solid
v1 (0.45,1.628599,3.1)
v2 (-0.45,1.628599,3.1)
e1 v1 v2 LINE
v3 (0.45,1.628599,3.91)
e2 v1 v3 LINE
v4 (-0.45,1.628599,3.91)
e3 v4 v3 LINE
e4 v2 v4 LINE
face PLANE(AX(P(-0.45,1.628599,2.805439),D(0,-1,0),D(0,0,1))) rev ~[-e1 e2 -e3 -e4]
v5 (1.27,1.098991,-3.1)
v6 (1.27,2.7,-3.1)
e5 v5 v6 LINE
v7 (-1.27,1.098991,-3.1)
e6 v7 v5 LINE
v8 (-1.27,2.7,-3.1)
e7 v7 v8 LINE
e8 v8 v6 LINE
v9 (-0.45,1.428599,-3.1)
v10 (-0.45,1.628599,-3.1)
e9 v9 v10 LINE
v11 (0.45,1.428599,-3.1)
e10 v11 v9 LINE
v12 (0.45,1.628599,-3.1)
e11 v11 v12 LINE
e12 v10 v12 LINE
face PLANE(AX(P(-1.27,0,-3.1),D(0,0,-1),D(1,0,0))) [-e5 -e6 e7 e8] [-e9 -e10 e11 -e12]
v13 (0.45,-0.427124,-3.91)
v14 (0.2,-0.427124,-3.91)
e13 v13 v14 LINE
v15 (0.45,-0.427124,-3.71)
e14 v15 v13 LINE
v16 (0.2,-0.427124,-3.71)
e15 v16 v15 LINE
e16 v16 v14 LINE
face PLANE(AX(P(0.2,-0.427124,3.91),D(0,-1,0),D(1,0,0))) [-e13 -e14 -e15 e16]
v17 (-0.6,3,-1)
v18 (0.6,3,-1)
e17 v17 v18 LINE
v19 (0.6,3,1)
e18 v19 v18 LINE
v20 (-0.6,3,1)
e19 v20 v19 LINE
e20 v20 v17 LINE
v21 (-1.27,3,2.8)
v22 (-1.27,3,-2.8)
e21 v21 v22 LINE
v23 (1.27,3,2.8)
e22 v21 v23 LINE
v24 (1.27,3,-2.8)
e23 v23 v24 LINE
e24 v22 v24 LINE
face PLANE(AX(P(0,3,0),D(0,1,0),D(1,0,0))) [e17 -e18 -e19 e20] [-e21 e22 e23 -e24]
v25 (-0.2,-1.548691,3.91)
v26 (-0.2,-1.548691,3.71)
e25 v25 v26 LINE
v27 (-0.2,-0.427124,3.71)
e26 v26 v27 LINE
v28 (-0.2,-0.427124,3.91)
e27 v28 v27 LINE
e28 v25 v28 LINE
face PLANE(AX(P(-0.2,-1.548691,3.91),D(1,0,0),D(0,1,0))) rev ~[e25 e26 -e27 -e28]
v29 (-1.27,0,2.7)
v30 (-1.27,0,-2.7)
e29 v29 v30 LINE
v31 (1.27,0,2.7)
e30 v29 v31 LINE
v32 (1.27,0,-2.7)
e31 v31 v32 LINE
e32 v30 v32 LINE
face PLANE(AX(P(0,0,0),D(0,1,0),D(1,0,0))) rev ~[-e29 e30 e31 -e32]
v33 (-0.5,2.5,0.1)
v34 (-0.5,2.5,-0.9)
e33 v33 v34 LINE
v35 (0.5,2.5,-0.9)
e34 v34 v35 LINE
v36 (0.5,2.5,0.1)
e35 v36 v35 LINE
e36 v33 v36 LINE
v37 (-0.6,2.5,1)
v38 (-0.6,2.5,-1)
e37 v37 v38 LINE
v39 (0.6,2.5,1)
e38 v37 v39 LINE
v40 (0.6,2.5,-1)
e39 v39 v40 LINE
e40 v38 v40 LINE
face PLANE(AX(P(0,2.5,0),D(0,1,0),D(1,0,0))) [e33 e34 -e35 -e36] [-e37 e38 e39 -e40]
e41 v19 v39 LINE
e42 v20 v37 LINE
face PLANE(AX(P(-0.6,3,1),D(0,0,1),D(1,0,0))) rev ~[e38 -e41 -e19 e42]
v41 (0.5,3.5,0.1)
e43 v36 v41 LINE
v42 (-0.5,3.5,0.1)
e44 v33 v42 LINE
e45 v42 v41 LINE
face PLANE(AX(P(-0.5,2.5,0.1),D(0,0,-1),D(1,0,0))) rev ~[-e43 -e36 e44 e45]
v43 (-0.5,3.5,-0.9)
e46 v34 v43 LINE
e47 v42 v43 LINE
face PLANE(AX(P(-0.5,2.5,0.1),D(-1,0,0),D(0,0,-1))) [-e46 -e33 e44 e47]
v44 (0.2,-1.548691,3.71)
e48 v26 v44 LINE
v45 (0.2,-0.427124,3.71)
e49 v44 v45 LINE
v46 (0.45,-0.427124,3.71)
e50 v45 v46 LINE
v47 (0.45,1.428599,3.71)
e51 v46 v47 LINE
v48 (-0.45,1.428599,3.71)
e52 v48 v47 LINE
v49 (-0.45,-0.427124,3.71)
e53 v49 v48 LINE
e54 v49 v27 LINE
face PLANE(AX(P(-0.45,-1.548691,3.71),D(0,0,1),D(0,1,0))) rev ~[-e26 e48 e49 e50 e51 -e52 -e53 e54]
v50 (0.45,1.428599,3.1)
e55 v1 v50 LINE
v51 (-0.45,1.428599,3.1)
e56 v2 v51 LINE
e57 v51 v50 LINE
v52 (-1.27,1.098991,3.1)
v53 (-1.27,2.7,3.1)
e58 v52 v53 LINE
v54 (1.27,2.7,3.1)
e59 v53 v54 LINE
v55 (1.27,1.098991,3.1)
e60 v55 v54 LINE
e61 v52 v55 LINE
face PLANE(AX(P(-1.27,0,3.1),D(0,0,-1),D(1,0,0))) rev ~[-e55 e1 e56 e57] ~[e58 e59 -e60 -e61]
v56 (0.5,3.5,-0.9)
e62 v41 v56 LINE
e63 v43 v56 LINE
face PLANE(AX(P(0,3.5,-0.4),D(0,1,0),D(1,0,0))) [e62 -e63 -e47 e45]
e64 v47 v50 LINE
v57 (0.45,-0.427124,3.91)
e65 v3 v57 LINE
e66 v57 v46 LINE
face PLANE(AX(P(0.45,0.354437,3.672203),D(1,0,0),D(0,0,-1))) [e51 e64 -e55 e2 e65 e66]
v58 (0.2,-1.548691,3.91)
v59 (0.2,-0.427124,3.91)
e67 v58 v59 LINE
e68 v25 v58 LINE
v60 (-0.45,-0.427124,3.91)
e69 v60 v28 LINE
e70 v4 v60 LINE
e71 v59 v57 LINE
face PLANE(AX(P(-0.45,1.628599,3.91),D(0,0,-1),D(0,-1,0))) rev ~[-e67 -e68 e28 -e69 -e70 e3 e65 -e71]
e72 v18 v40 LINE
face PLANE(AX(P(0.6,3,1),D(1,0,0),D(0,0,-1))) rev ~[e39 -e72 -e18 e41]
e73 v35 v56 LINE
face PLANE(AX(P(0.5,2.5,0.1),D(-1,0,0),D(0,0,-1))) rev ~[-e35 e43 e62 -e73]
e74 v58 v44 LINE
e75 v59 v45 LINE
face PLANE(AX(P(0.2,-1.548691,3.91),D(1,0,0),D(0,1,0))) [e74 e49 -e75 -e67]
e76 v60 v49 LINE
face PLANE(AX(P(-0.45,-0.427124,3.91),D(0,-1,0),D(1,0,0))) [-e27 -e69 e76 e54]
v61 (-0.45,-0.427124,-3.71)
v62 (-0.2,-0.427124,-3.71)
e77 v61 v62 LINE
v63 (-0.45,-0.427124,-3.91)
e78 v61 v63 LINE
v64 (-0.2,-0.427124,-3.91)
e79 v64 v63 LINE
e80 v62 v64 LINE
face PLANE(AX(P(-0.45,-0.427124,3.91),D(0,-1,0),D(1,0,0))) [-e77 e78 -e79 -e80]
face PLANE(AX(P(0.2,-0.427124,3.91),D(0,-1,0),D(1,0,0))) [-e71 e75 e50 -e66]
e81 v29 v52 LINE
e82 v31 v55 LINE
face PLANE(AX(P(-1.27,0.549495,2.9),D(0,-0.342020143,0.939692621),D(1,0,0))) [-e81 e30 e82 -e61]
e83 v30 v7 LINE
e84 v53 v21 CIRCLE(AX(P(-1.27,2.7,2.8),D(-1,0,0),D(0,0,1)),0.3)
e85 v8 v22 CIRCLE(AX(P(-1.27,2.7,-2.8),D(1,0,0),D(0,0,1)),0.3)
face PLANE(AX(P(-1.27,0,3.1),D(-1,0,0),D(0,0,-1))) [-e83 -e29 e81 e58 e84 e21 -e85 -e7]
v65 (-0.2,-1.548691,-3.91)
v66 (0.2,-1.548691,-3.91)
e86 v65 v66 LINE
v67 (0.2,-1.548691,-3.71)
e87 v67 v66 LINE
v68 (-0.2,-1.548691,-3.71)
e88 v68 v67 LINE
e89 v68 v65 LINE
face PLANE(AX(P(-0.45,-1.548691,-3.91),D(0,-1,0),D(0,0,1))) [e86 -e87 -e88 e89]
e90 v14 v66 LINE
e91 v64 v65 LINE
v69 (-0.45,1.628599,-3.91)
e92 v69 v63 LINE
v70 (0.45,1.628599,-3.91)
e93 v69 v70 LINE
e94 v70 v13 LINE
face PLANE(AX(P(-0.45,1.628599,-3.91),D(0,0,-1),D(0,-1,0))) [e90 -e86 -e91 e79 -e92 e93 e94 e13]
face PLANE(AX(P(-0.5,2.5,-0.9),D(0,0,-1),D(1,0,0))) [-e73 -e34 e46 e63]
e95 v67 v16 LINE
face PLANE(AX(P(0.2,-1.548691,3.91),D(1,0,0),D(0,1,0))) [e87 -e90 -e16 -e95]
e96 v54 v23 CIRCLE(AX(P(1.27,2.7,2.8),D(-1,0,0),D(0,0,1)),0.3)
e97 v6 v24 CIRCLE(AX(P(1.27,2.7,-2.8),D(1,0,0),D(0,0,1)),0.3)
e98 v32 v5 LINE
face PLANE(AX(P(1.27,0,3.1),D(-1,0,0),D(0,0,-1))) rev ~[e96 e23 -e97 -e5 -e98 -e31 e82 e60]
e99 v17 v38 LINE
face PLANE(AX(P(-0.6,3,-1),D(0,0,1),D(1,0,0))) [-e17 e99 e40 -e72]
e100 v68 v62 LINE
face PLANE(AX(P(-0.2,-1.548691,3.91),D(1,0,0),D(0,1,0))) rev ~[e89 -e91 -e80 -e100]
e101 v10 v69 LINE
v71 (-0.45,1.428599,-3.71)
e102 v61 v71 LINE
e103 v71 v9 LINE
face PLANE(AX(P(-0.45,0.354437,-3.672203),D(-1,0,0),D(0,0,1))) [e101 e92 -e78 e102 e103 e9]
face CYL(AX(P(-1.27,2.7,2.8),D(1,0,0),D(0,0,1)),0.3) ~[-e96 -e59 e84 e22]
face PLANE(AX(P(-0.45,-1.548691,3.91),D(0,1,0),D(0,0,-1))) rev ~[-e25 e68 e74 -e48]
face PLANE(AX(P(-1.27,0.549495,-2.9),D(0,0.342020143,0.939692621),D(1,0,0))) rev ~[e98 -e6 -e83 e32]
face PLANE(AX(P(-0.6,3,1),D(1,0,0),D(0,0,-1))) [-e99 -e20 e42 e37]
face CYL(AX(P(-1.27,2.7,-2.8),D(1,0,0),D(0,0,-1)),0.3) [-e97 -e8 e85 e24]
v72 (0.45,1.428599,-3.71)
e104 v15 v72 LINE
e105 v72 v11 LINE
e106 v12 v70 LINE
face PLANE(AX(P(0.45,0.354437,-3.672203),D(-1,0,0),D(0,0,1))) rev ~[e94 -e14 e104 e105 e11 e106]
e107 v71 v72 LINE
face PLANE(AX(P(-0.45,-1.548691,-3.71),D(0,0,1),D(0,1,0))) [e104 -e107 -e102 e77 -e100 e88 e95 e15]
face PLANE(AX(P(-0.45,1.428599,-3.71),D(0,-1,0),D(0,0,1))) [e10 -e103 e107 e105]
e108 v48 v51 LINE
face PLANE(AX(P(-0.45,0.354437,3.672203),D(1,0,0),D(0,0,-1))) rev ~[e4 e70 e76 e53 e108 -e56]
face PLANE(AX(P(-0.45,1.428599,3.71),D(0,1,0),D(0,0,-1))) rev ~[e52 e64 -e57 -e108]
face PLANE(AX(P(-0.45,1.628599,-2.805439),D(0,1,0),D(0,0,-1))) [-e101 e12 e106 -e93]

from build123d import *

# Parameters (mm, degrees)
SKETCH_1_W           = 2.54
SKETCH_1_H           = 6.2
EXTRUDE_1_DEPTH      = 3
SKETCH_2_W           = 1.2
SKETCH_2_H           = 2
CUT_EXTRUDE_1_DEPTH  = 0.5
SKETCH_3_W           = 1
SKETCH_3_H           = 1
EXTRUDE_1_2_DEPTH    = 1
FILLET_1_R           = 0.3
CHAMFER_1_SIZE       = 0.4
CHAMFER_1_SIZE2      = 1.098990968
EXTRUDE_2_DEPTH      = 0.45
EXTRUDE_2_DEPTH_BACK = 0.45
SKETCH_5_W           = 0.25
SKETCH_5_H           = 1.121567526
CUT_EXTRUDE_2_DEPTH  = 9.661137339


with BuildPart() as part:
    # 草图1 → Extrude 1 (new body)
    with BuildSketch(Plane(origin=(0, 0, 0), x_dir=(1, 0, 0), z_dir=(0, 1, 0))):
        Rectangle(SKETCH_1_W, SKETCH_1_H)
    extrude(amount=EXTRUDE_1_DEPTH)

    # 草图2 → 切除-拉伸1 (cut)
    with BuildSketch(Plane(origin=(0, 3, 0), x_dir=(1, 0, 0), z_dir=(0, 1, 0))):
        Rectangle(SKETCH_2_W, SKETCH_2_H)
    extrude(amount=-CUT_EXTRUDE_1_DEPTH, mode=Mode.SUBTRACT)

    # 草图3 → Extrude 1 2 (add)
    with BuildSketch(Plane(origin=(0, 2.5, 0), x_dir=(1, 0, 0), z_dir=(0, 1, 0))):
        with Locations((0, 0.4)):
            Rectangle(SKETCH_3_W, SKETCH_3_H)
    extrude(amount=EXTRUDE_1_2_DEPTH)

    # 圆角1
    fillet_1_edges = [part.edges().sort_by_distance(p)[0] for p in [
        (0, 3, -3.1),
        (0, 3, 3.1),
    ]]
    fillet(fillet_1_edges, radius=FILLET_1_R)

    # 倒角1
    chamfer_1_edges = [part.edges().sort_by_distance(p)[0] for p in [
        (0, 0, -3.1),
        (0, 0, 3.1),
    ]]
    chamfer_1_side = [part.faces().sort_by_distance(p)[0] for p in [
        (0, 0, 0),
    ]]
    chamfer(chamfer_1_edges, length=CHAMFER_1_SIZE, length2=CHAMFER_1_SIZE2, reference=chamfer_1_side[0])

    # 草图4 → 凸台-拉伸2 (add, two sides: drawn at the far end of the back side and taken through both)
    with BuildSketch(Plane(origin=(0, 0, 0), x_dir=(0, 0, -1), z_dir=(1, 0, 0)).offset(-EXTRUDE_2_DEPTH_BACK)):
        Polygon((-2.805439179, 1.628598981), (-3.91, 1.628598981), (-3.91, -1.548691293), (-3.71, -1.548691293), (-3.71, 1.428598981), (-2.805439179, 1.428598981), align=None)
        Polygon((2.805439179, 1.428598981), (2.805439179, 1.628598981), (3.91, 1.628598981), (3.91, -1.548691293), (3.71, -1.548691293), (3.71, 1.428598981), align=None)
    extrude(amount=EXTRUDE_2_DEPTH + EXTRUDE_2_DEPTH_BACK)

    # 草图5 → 切除-拉伸2 (cut, through all)
    with BuildSketch(Plane.XY.offset(3.91)):
        with Locations((0.325, -0.98790753)):
            Rectangle(SKETCH_5_W, SKETCH_5_H)
        with Locations((-0.325, -0.98790753)):
            Rectangle(SKETCH_5_W, SKETCH_5_H)
    extrude(amount=-CUT_EXTRUDE_2_DEPTH, mode=Mode.SUBTRACT)


solid = part.part
